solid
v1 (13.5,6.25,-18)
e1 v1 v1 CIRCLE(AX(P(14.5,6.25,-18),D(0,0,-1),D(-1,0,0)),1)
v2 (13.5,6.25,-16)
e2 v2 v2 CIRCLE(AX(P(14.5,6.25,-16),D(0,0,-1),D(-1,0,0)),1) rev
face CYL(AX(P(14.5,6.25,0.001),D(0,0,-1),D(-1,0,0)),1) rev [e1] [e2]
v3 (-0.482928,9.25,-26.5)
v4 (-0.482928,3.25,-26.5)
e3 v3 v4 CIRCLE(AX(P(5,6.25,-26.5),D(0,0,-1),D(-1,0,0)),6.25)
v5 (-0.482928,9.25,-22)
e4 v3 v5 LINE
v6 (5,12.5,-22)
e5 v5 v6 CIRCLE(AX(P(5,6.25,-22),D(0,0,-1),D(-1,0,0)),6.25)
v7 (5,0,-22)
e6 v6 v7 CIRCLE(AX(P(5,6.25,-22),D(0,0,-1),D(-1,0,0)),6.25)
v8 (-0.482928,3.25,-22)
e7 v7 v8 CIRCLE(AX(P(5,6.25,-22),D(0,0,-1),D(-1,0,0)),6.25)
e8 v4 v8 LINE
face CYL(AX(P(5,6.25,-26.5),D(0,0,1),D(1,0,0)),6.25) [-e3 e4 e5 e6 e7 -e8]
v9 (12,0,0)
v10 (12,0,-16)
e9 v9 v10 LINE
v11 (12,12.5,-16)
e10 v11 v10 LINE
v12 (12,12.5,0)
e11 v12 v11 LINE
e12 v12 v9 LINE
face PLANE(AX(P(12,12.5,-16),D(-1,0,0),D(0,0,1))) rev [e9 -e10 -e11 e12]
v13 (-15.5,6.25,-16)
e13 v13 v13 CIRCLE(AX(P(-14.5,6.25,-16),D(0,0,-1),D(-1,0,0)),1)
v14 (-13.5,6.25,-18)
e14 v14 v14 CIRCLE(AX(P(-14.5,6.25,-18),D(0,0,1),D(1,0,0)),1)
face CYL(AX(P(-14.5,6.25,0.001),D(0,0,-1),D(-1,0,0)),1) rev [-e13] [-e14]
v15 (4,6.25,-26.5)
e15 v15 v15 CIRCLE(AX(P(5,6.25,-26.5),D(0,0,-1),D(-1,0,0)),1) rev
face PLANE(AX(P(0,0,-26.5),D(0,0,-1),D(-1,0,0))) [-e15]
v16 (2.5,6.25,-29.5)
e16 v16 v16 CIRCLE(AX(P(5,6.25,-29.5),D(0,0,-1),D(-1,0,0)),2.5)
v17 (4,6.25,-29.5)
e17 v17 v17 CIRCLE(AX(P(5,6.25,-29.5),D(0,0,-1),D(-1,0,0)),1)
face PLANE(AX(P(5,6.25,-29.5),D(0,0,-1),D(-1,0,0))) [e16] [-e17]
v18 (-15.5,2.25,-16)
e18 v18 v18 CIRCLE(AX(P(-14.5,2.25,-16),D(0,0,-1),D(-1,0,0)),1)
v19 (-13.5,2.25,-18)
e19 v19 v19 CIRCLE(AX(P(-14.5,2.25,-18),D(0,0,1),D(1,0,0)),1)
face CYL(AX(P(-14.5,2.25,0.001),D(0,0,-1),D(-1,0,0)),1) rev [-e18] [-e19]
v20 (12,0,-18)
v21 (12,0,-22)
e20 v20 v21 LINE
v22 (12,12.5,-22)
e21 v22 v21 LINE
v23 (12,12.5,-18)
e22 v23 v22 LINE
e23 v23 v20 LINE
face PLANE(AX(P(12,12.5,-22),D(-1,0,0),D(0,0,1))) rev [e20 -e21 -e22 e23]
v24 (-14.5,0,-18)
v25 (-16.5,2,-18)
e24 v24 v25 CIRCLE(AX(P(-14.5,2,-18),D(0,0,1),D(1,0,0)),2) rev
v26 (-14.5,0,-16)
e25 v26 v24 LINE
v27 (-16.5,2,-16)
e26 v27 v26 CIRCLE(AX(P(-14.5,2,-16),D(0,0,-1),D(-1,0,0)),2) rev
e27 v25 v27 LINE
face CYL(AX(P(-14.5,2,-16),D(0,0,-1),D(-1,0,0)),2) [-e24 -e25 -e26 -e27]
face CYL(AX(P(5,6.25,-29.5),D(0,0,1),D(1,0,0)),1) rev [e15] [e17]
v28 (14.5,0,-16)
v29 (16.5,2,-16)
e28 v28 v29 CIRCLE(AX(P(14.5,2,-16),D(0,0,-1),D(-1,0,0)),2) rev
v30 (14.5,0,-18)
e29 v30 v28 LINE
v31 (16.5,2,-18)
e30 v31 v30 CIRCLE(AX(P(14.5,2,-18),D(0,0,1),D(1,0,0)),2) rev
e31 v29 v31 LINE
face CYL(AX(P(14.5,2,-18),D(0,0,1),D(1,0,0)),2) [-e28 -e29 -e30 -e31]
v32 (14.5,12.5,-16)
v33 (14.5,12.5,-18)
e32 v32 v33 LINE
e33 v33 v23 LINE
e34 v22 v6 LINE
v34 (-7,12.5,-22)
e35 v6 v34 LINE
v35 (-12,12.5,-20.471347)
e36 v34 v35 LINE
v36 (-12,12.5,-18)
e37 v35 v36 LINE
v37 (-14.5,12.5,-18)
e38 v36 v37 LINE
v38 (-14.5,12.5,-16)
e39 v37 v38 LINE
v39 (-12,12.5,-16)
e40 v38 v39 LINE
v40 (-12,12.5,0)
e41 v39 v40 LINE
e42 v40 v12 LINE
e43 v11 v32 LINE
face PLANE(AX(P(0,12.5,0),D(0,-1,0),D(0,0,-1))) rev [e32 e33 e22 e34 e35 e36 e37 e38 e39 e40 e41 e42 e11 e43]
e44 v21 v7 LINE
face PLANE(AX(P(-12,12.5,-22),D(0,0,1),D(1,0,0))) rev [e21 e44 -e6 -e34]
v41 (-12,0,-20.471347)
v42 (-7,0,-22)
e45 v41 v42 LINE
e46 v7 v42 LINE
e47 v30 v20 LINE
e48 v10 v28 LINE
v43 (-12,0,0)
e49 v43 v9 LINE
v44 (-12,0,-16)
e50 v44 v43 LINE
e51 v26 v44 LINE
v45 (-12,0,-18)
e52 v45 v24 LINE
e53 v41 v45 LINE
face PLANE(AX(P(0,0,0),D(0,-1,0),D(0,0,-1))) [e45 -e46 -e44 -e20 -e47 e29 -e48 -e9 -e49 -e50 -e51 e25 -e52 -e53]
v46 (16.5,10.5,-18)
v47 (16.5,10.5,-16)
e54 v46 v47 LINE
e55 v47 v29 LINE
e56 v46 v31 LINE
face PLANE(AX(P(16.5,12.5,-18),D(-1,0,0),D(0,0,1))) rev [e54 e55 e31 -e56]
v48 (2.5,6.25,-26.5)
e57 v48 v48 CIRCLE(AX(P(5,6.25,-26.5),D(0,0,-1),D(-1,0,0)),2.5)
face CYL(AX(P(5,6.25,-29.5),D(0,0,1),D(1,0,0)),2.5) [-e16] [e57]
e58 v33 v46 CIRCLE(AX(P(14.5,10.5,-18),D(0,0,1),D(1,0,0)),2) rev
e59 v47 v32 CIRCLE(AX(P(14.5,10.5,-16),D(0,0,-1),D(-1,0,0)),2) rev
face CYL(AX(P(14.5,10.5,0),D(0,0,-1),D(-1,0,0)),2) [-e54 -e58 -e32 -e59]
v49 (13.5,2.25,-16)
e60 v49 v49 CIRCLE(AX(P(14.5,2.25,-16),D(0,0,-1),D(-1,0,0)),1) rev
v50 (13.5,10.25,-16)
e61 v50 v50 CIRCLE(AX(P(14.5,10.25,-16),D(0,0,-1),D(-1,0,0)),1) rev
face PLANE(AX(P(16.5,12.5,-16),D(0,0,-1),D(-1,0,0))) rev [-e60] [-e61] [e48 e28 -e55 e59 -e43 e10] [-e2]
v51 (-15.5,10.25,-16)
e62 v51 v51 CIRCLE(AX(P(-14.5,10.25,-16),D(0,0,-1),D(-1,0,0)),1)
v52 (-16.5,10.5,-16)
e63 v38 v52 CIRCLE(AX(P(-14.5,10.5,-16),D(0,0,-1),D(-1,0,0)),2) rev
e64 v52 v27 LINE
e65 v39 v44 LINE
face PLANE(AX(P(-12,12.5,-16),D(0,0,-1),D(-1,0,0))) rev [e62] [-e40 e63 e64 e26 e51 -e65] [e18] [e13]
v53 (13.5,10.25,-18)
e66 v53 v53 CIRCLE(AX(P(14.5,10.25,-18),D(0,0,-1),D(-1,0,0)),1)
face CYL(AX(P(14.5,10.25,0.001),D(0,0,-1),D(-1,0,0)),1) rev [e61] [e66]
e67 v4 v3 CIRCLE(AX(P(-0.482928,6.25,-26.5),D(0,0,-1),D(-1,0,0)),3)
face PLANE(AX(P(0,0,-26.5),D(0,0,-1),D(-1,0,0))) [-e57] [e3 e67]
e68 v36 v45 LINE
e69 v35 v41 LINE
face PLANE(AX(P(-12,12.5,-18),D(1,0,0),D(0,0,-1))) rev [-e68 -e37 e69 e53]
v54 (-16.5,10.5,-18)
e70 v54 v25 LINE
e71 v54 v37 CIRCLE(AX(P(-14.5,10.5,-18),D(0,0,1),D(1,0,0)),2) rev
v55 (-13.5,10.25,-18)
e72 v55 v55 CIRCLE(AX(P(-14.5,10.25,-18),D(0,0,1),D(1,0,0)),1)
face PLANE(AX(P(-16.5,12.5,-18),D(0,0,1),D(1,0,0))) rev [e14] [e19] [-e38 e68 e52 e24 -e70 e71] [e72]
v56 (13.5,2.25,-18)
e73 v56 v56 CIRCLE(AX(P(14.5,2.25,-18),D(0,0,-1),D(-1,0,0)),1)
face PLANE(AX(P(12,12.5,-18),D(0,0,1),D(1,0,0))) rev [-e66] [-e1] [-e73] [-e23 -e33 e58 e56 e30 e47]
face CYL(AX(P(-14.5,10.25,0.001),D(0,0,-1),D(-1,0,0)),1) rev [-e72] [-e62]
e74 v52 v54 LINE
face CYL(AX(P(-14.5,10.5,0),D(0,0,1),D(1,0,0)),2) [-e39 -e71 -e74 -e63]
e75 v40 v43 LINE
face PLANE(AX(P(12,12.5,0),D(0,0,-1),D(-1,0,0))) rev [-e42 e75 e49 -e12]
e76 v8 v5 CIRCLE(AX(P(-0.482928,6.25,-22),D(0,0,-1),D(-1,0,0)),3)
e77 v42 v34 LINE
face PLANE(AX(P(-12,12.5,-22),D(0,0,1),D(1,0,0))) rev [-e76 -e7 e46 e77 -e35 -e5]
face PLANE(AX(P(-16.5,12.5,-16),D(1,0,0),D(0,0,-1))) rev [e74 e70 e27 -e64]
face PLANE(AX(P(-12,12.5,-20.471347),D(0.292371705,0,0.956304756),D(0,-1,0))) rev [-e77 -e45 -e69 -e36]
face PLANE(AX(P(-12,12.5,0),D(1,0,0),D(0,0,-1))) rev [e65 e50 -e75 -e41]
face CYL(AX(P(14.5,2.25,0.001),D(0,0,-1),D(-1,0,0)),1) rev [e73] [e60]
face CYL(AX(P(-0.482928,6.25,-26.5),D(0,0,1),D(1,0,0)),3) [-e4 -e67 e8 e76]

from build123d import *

# Parameters (mm, degrees)
BOSS_EXTRUDE1_DEPTH = 12.5
SKETCH2_R           = 3
SKETCH2_R_2         = 6.25
BOSS_EXTRUDE2_DEPTH = 4.5
SKETCH3_R           = 2.5
SKETCH3_R_2         = 1
BOSS_EXTRUDE3_DEPTH = 3
SKETCH4_R           = 1
CUT_EXTRUDE1_DEPTH  = 2
FILLET1_R           = 2
CHAMFER1_SIZE       = 5
CHAMFER1_SIZE2      = 1.528653407


with BuildPart() as part:
    # Sketch1 → Boss-Extrude1 (new body)
    with BuildSketch(Plane(origin=(0, 0, 0), x_dir=(1, 0, 0), z_dir=(0, 1, 0))):
        Polygon((-12, 0), (-12, 16), (-16.5, 16), (-16.5, 18), (-12, 18), (-12, 22), (12, 22), (12, 18), (16.5, 18), (16.5, 16), (12, 16), (12, 0), align=None)
    extrude(amount=BOSS_EXTRUDE1_DEPTH)

    # Sketch2 → Boss-Extrude2 (add)
    with BuildSketch(Plane(origin=(0, 0, -22), x_dir=(-1, 0, 0), z_dir=(0, 0, -1))):
        with Locations((0.48292805, 6.25)):
            Circle(SKETCH2_R)
        with Locations((-5, 6.25)):
            Circle(SKETCH2_R_2)
    extrude(amount=BOSS_EXTRUDE2_DEPTH)

    # Sketch3 → Boss-Extrude3 (add)
    with BuildSketch(Plane(origin=(0, 0, -26.5), x_dir=(-1, 0, 0), z_dir=(0, 0, -1))):
        with Locations((-5, 6.25)):
            Circle(SKETCH3_R)
        with Locations((-5, 6.25)):
            Circle(SKETCH3_R_2, mode=Mode.SUBTRACT)
    extrude(amount=BOSS_EXTRUDE3_DEPTH)

    # Sketch4 → Cut-Extrude1 (cut)
    with BuildSketch(Plane(origin=(0, 0, -18), x_dir=(-1, 0, 0), z_dir=(0, 0, -1))):
        with Locations((-14.5, 6.25)):
            Circle(SKETCH4_R)
        with Locations((-14.5, 10.25)):
            Circle(SKETCH4_R)
        with Locations((-14.5, 2.25)):
            Circle(SKETCH4_R)
    cut_extrude1 = extrude(amount=-CUT_EXTRUDE1_DEPTH, mode=Mode.SUBTRACT)

    # Mirror1: Cut-Extrude1 across plane
    add(cut_extrude1.mirror(Plane(origin=(0, 0, 0), x_dir=(0, 0, 1), z_dir=(1, 0, 0))), mode=Mode.SUBTRACT)

    # Fillet1
    fillet1_edges = [part.edges().sort_by_distance(p)[0] for p in [
        (-16.5, 0, -17),
        (16.5, 12.5, -17),
        (16.5, 0, -17),
        (-16.5, 12.5, -17),
    ]]
    fillet(fillet1_edges, radius=FILLET1_R)

    # Chamfer1
    chamfer1_edges = [part.edges().sort_by_distance(p)[0] for p in [
        (-12, 6.25, -22),
    ]]
    chamfer1_side = [part.faces().sort_by_distance(p)[0] for p in [
        (-6.176633795, 6.25, -22),
    ]]
    chamfer(chamfer1_edges, length=CHAMFER1_SIZE, length2=CHAMFER1_SIZE2, reference=chamfer1_side[0])


solid = part.part
